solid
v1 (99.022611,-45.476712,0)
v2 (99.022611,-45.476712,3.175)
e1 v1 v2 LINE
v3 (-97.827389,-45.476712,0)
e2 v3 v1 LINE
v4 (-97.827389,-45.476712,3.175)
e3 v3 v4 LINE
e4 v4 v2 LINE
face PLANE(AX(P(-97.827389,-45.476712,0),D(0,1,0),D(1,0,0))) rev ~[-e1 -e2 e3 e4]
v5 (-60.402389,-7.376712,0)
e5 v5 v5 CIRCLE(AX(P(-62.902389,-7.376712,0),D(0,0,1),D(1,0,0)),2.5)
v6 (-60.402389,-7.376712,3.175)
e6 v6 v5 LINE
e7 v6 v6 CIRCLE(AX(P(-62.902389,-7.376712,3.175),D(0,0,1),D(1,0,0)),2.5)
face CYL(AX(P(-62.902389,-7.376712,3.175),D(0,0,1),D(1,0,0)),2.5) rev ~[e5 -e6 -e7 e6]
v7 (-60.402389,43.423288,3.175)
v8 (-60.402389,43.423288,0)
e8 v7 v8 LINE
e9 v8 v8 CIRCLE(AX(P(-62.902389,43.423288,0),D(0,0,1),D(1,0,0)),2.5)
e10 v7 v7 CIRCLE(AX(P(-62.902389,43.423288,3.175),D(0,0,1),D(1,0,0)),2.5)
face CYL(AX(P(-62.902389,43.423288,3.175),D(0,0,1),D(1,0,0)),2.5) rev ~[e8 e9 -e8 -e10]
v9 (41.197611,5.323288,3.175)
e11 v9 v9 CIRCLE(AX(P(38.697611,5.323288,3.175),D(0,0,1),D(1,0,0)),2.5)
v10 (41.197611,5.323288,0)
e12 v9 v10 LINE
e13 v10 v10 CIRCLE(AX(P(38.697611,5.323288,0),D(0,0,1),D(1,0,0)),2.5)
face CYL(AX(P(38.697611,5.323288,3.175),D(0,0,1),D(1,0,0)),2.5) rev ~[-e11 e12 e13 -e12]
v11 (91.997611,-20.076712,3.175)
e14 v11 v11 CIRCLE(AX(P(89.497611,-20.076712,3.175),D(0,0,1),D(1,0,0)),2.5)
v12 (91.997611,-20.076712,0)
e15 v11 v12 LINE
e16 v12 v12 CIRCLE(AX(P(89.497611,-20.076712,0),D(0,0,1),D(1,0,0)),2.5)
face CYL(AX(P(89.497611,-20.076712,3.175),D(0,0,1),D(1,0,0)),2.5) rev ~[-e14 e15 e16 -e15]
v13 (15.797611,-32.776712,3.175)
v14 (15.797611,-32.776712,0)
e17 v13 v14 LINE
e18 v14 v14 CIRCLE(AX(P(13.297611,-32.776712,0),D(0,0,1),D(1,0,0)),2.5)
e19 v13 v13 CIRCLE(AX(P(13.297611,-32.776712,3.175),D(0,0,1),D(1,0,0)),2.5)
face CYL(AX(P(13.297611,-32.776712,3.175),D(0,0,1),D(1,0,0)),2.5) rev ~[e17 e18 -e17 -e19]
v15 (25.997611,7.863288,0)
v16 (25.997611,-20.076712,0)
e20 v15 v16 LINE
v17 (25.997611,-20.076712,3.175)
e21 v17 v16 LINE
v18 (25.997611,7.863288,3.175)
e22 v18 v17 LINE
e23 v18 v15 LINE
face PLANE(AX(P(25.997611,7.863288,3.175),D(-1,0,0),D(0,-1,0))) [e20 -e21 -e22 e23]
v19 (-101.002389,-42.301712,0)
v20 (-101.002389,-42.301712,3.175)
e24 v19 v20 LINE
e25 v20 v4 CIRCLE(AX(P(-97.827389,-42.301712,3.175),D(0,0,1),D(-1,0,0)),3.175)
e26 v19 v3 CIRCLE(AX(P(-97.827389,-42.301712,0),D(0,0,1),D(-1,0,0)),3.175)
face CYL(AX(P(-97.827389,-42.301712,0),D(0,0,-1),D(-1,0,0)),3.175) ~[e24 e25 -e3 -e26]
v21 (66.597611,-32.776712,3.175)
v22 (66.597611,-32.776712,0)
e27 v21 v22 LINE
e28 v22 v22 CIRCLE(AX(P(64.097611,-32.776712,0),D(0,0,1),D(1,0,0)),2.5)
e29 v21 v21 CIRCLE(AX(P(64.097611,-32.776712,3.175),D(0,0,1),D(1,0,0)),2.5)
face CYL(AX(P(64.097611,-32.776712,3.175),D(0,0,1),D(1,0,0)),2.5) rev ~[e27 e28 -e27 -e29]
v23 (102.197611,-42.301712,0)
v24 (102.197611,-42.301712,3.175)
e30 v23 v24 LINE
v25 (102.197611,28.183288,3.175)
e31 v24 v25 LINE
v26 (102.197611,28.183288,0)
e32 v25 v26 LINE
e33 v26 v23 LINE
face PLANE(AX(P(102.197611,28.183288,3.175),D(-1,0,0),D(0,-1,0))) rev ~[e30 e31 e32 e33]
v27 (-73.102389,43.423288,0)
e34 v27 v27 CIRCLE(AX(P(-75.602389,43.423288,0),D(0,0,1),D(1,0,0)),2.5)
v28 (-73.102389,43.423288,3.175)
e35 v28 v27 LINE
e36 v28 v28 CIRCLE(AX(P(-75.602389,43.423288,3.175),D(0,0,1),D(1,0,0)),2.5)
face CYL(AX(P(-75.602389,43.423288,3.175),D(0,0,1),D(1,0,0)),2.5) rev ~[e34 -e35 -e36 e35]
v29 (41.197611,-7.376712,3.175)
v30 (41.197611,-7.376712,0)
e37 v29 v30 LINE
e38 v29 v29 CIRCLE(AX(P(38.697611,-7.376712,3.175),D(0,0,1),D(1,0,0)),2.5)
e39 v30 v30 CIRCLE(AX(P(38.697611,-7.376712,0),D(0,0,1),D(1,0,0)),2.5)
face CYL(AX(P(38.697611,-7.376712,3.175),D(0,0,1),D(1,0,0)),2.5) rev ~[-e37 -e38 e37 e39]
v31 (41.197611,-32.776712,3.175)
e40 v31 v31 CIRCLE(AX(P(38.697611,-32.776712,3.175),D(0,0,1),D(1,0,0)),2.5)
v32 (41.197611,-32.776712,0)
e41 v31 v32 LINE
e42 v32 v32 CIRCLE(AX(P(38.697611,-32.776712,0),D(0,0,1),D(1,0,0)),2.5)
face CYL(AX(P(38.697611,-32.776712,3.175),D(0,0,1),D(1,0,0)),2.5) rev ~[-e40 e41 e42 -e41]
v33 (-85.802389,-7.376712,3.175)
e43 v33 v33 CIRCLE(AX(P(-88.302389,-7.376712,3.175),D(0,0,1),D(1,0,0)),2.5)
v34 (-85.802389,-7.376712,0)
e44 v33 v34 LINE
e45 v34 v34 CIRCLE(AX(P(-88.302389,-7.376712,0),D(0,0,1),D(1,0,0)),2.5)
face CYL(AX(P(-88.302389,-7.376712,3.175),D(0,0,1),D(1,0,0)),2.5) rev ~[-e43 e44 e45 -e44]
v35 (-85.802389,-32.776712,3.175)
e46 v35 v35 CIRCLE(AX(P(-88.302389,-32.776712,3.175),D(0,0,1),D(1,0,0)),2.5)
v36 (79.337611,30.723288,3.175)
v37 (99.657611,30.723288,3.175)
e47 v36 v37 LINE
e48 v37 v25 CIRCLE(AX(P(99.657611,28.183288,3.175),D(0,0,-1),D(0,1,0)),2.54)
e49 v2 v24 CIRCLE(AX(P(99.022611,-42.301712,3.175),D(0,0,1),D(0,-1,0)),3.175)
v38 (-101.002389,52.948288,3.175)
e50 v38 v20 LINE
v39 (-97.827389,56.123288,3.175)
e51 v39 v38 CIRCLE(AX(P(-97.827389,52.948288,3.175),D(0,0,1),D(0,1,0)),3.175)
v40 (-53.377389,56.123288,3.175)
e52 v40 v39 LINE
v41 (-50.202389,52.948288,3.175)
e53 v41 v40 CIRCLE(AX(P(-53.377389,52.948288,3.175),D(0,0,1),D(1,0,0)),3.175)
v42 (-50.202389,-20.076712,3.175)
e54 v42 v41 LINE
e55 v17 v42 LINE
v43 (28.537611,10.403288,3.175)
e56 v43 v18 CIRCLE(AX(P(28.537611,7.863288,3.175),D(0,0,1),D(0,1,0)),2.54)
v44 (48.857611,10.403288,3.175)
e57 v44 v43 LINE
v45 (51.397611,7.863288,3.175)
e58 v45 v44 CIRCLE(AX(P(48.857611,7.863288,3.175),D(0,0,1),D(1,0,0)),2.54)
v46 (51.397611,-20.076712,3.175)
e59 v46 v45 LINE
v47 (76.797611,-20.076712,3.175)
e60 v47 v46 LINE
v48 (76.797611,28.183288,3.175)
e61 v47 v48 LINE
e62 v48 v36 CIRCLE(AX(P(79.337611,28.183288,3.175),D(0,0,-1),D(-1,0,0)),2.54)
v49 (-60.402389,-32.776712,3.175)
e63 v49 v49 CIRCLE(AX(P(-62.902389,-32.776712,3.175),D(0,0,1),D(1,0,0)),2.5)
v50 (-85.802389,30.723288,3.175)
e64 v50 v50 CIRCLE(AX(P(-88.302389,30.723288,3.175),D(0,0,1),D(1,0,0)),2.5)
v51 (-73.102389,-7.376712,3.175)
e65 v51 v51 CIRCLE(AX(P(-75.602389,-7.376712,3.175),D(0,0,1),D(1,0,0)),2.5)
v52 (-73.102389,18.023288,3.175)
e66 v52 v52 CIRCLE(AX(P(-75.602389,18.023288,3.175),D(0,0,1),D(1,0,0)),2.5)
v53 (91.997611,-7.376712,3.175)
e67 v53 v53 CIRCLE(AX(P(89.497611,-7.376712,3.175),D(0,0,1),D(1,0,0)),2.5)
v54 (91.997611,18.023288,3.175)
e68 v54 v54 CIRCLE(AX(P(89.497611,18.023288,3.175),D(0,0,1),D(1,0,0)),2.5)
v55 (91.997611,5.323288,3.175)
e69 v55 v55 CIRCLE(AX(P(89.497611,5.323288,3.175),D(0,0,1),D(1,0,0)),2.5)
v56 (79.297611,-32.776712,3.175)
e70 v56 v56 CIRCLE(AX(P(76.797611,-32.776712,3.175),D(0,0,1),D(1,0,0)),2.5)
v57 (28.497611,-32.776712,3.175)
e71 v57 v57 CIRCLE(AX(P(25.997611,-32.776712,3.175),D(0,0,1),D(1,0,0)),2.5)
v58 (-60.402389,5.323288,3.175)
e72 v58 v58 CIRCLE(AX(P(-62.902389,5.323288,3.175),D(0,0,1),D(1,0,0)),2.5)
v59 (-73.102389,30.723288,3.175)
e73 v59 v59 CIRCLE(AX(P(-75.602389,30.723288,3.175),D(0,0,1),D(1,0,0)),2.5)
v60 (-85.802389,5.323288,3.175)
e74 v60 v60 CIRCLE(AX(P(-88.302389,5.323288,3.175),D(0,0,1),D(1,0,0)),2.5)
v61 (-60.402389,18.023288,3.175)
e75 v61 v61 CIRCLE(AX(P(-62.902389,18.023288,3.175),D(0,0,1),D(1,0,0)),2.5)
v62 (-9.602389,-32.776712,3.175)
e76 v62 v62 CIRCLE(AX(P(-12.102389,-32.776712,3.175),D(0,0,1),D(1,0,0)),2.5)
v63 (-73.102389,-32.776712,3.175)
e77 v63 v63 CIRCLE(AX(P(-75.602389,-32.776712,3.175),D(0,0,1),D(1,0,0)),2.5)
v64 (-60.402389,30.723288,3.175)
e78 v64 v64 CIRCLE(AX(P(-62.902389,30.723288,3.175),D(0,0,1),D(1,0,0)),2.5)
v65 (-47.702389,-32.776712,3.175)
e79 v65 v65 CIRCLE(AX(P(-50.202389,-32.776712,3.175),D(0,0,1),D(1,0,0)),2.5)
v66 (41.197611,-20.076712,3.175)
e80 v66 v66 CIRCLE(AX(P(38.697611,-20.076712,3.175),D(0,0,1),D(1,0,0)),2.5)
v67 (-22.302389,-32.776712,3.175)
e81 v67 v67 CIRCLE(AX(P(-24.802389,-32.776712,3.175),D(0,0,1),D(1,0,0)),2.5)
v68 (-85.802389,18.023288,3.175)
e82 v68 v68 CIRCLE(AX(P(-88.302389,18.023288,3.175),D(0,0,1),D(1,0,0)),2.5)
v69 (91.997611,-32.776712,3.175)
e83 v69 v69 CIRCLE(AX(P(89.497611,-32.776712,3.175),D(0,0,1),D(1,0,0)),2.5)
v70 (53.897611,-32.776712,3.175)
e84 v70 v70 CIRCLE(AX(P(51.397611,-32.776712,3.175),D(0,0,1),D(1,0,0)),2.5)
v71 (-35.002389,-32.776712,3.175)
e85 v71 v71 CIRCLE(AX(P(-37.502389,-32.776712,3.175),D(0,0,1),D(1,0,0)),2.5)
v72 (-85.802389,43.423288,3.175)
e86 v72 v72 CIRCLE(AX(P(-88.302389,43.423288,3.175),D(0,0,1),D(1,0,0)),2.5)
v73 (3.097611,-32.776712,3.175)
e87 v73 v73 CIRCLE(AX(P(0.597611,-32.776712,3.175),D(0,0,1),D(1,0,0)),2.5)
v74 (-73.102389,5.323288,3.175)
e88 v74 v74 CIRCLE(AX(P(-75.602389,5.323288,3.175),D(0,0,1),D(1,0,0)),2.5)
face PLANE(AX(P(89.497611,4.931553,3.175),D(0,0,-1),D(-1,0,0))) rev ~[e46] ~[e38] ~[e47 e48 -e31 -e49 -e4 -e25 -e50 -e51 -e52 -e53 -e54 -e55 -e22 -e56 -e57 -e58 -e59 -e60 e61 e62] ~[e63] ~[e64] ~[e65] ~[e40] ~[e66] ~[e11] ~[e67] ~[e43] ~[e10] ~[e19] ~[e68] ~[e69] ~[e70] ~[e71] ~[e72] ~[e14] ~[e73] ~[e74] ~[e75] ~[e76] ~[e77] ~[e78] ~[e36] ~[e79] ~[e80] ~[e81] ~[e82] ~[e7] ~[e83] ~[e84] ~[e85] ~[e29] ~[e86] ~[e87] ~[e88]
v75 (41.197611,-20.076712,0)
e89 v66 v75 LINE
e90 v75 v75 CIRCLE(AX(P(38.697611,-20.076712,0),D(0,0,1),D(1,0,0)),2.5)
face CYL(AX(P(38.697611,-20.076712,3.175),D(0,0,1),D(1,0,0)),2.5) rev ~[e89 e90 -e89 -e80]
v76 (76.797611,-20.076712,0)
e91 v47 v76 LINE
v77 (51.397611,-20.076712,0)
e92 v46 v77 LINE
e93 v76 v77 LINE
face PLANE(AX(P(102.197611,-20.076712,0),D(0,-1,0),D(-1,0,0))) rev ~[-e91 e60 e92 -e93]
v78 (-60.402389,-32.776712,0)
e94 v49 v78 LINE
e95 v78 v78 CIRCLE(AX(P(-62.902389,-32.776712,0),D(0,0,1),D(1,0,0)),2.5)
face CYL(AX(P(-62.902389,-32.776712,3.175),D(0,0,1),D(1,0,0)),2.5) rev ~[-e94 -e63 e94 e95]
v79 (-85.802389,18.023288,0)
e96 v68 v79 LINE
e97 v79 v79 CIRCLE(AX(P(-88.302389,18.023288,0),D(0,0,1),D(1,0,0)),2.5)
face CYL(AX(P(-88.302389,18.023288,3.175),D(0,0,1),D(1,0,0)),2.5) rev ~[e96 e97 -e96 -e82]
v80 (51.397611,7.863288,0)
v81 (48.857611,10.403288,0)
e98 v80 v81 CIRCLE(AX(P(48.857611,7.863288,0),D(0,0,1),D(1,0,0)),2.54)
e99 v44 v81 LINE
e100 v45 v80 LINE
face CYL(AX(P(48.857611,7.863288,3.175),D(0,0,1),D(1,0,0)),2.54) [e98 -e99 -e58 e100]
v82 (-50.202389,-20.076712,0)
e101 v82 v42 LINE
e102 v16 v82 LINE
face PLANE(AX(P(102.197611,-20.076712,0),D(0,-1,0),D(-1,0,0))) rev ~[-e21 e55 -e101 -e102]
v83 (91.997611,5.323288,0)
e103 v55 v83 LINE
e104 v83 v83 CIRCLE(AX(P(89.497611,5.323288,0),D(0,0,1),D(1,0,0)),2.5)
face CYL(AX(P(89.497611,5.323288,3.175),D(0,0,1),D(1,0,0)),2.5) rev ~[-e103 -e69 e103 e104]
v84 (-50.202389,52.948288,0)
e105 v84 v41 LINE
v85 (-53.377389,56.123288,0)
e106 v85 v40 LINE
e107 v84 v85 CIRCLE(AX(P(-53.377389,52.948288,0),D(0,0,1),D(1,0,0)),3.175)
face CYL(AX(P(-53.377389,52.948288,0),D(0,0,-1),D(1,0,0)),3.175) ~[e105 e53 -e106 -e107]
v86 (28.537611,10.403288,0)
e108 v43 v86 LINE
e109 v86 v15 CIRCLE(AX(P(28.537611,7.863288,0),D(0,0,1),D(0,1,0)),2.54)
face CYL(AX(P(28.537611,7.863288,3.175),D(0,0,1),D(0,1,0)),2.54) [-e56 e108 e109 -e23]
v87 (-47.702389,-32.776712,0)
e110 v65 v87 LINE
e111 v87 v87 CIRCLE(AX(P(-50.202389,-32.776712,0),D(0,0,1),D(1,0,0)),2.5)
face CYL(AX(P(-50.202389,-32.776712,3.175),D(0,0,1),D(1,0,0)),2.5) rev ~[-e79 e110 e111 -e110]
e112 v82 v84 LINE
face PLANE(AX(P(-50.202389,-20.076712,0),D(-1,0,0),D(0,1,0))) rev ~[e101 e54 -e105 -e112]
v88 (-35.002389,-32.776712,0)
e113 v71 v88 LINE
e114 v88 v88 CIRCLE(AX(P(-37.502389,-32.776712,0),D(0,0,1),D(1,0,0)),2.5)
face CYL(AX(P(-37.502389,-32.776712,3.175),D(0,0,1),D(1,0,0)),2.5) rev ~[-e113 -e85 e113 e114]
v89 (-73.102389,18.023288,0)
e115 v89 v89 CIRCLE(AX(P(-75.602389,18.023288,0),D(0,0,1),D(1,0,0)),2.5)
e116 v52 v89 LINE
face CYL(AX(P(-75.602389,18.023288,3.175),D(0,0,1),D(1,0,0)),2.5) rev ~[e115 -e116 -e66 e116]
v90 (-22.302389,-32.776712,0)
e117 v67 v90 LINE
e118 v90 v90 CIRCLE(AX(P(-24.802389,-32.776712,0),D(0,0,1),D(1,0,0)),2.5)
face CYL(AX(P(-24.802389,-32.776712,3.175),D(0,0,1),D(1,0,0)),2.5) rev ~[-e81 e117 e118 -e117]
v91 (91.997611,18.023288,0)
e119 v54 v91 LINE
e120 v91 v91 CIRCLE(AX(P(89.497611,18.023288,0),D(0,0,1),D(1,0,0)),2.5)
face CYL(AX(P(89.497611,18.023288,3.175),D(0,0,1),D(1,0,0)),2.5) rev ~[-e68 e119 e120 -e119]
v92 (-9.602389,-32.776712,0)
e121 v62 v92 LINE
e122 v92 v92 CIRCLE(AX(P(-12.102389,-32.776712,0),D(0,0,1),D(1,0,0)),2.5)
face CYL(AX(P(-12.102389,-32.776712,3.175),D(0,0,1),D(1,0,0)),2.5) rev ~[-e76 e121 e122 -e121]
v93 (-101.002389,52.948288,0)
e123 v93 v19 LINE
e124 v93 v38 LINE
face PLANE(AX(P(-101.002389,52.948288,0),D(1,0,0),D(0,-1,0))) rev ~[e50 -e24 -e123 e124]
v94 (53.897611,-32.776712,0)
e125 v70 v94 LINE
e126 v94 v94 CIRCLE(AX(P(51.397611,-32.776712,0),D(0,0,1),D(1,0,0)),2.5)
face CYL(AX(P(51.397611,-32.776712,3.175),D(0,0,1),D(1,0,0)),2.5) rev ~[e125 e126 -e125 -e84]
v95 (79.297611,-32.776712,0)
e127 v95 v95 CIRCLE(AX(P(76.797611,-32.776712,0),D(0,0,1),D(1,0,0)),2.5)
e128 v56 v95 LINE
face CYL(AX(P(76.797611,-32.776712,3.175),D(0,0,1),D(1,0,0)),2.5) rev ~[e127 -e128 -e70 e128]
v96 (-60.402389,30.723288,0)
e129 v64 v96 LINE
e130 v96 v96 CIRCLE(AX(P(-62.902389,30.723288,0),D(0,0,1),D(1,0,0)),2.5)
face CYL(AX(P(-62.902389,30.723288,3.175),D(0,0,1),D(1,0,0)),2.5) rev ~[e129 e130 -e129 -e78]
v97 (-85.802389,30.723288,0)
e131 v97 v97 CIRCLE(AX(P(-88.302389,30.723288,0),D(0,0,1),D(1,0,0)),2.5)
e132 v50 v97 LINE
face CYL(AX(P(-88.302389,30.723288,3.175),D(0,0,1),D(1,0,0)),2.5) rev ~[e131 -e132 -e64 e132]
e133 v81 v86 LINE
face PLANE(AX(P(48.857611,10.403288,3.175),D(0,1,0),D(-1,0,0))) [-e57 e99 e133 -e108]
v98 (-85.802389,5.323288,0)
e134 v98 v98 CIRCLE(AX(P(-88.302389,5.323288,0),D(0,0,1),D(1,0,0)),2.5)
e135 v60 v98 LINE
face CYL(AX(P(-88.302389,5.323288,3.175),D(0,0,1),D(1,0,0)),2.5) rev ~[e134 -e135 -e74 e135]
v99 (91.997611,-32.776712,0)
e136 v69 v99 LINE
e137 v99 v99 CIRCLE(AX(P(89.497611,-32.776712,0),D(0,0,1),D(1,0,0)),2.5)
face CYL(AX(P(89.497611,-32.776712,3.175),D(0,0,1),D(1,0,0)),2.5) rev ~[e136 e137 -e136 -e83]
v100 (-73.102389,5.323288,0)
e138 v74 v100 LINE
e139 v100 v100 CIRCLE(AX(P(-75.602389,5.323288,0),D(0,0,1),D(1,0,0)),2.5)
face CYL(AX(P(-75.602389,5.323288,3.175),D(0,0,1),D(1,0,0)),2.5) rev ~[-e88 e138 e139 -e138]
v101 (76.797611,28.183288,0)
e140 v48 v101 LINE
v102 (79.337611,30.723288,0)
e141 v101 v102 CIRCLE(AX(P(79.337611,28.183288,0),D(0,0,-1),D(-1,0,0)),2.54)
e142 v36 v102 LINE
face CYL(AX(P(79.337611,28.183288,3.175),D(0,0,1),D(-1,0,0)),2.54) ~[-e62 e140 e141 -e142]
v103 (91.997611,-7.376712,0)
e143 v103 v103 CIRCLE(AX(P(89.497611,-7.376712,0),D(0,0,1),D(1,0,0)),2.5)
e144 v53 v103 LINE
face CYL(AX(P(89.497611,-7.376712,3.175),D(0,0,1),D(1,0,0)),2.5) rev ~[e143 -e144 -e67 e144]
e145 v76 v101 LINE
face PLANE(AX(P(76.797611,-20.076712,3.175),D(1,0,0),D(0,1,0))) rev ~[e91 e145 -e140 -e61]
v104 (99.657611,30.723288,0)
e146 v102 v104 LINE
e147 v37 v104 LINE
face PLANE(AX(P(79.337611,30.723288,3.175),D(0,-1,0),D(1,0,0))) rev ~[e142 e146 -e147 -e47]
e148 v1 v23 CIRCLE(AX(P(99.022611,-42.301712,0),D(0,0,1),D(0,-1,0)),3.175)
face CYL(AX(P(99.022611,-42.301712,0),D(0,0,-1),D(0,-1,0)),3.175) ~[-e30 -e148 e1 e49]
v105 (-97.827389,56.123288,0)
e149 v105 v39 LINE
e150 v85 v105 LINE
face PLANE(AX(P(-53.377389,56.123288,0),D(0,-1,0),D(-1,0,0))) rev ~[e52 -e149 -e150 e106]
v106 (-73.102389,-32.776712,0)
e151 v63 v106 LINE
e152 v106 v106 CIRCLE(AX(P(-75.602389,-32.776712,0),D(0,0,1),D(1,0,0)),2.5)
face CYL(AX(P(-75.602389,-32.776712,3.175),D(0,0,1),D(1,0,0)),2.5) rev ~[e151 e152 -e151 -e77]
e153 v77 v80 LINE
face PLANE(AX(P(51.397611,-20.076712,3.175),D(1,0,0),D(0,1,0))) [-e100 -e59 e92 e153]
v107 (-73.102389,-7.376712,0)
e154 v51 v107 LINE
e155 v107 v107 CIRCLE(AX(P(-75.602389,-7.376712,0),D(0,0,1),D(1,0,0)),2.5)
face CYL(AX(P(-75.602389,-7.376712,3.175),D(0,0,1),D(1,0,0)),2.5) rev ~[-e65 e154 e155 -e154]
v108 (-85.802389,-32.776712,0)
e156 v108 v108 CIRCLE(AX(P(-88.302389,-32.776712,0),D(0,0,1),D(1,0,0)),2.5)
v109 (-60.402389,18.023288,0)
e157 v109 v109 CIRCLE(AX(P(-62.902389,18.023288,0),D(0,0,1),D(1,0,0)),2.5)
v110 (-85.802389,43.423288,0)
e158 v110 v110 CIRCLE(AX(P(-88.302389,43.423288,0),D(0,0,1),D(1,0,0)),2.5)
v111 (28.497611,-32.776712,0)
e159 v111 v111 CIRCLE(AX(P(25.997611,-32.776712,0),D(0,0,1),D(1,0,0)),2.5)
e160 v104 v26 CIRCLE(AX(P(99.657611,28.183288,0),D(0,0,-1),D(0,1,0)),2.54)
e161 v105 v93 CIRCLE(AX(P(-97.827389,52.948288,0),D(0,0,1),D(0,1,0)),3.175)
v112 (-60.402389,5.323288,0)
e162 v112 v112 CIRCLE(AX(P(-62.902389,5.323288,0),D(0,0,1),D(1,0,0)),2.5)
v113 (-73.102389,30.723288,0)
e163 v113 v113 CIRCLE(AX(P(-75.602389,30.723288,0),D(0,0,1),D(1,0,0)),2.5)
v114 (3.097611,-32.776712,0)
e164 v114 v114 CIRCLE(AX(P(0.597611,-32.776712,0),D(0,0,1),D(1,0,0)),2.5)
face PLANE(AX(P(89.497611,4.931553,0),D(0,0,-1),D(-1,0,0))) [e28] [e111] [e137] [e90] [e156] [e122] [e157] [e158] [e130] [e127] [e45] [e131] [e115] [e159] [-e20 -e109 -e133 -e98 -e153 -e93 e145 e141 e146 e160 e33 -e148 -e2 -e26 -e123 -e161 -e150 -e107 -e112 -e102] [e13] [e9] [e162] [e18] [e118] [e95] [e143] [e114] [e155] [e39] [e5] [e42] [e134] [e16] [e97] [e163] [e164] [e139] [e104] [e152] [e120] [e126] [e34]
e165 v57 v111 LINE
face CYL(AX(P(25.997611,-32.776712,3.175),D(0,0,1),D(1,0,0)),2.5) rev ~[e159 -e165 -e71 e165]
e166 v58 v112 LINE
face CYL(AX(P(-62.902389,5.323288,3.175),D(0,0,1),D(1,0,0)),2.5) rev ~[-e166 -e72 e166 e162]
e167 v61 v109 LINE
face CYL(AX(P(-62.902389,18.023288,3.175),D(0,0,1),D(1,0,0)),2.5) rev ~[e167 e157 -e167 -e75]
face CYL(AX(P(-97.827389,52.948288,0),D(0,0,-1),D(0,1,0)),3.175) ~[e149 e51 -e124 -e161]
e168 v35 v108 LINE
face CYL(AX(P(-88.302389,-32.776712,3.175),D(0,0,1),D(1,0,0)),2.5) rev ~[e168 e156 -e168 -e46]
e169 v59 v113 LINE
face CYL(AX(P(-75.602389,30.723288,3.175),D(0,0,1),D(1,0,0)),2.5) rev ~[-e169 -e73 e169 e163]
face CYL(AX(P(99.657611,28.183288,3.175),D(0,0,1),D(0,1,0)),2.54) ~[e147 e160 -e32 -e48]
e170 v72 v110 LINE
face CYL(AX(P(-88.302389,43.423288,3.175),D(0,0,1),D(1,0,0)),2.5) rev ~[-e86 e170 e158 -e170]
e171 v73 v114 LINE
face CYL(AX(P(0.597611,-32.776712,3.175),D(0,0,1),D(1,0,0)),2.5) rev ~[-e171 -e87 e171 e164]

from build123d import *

# Parameters (mm, degrees)
BOSS_EXTRUDE1_DEPTH = 3.175
BOSS_EXTRUDE2_DEPTH = 3.175
SKETCH4_R           = 2.5
CUT_EXTRUDE1_DEPTH  = 4.175


with BuildPart() as part:
    # Sketch1 → Boss-Extrude1 (new body)
    with BuildSketch(Plane.XY):
        with BuildLine():
            Line((102.197610681, -20.076711723), (-50.202389319, -20.076711723))
            Line((-50.202389319, -20.076711723), (-50.202389319, 52.948288277))
            ThreePointArc((-50.202389319, 52.948288277), (-51.132325289, 55.193352307), (-53.377389319, 56.123288277))
            Line((-53.377389319, 56.123288277), (-97.827389319, 56.123288277))
            ThreePointArc((-97.827389319, 56.123288277), (-100.07245335, 55.193352307), (-101.002389319, 52.948288277))
            Line((-101.002389319, 52.948288277), (-101.002389319, -42.301711723))
            ThreePointArc((-101.002389319, -42.301711723), (-100.07245335, -44.546775753), (-97.827389319, -45.476711723))
            Line((-97.827389319, -45.476711723), (99.022610681, -45.476711723))
            ThreePointArc((99.022610681, -45.476711723), (101.267674711, -44.546775753), (102.197610681, -42.301711723))
            Line((102.197610681, -42.301711723), (102.197610681, -20.076711723))
        make_face()
    extrude(amount=BOSS_EXTRUDE1_DEPTH)

    # Sketch3 → Boss-Extrude2 (add)
    with BuildSketch(Plane.XY.offset(3.175)):
        with BuildLine():
            Line((48.857610681, 10.403288277), (28.537610681, 10.403288277))
            ThreePointArc((28.537610681, 10.403288277), (26.741559456, 9.659339501), (25.997610681, 7.863288277))
            Line((25.997610681, 7.863288277), (25.997610681, -20.076711723))
            Line((25.997610681, -20.076711723), (51.397610681, -20.076711723))
            Line((51.397610681, -20.076711723), (51.397610681, 7.863288277))
            ThreePointArc((51.397610681, 7.863288277), (50.653661905, 9.659339501), (48.857610681, 10.403288277))
        make_face()
        with BuildLine():
            Line((79.337610681, 30.723288277), (99.657610681, 30.723288277))
            ThreePointArc((99.657610681, 30.723288277), (101.453661905, 29.979339501), (102.197610681, 28.183288277))
            Line((102.197610681, 28.183288277), (102.197610681, -20.076711723))
            Line((102.197610681, -20.076711723), (76.797610681, -20.076711723))
            Line((76.797610681, -20.076711723), (76.797610681, 28.183288277))
            ThreePointArc((76.797610681, 28.183288277), (77.541559456, 29.979339501), (79.337610681, 30.723288277))
        make_face()
    extrude(amount=-BOSS_EXTRUDE2_DEPTH)

    # Sketch4 → Cut-Extrude1 (cut, through all)
    with BuildSketch(Plane.XY.offset(3.175)):
        with Locations((-88.302389319, -32.776711723)):
            Circle(SKETCH4_R)
        with Locations((-75.602389319, -32.776711723)):
            Circle(SKETCH4_R)
        with Locations((-62.902389319, -32.776711723)):
            Circle(SKETCH4_R)
        with Locations((-50.202389319, -32.776711723)):
            Circle(SKETCH4_R)
        with Locations((-37.502389319, -32.776711723)):
            Circle(SKETCH4_R)
        with Locations((-24.802389319, -32.776711723)):
            Circle(SKETCH4_R)
        with Locations((-12.102389319, -32.776711723)):
            Circle(SKETCH4_R)
        with Locations((0.597610681, -32.776711723)):
            Circle(SKETCH4_R)
        with Locations((13.297610681, -32.776711723)):
            Circle(SKETCH4_R)
        with Locations((25.997610681, -32.776711723)):
            Circle(SKETCH4_R)
        with Locations((38.697610681, -32.776711723)):
            Circle(SKETCH4_R)
        with Locations((51.397610681, -32.776711723)):
            Circle(SKETCH4_R)
        with Locations((64.097610681, -32.776711723)):
            Circle(SKETCH4_R)
        with Locations((76.797610681, -32.776711723)):
            Circle(SKETCH4_R)
        with Locations((89.497610681, -32.776711723)):
            Circle(SKETCH4_R)
        with Locations((38.697610681, -20.076711723)):
            Circle(SKETCH4_R)
        with Locations((89.497610681, -20.076711723)):
            Circle(SKETCH4_R)
        with Locations((-88.302389319, 43.423288277)):
            Circle(SKETCH4_R)
        with Locations((-62.902389319, 43.423288277)):
            Circle(SKETCH4_R)
        with Locations((-62.902389319, 30.723288277)):
            Circle(SKETCH4_R)
        with Locations((-62.902389319, 18.023288277)):
            Circle(SKETCH4_R)
        with Locations((-62.902389319, 5.323288277)):
            Circle(SKETCH4_R)
        with Locations((-62.902389319, -7.376711723)):
            Circle(SKETCH4_R)
        with Locations((-88.302389319, 30.723288277)):
            Circle(SKETCH4_R)
        with Locations((-88.302389319, 18.023288277)):
            Circle(SKETCH4_R)
        with Locations((-88.302389319, 5.323288277)):
            Circle(SKETCH4_R)
        with Locations((-88.302389319, -7.376711723)):
            Circle(SKETCH4_R)
        with Locations((38.697610681, -7.376711723)):
            Circle(SKETCH4_R)
        with Locations((89.497610681, -7.376711723)):
            Circle(SKETCH4_R)
        with Locations((38.697610681, 5.323288277)):
            Circle(SKETCH4_R)
        with Locations((89.497610681, 5.323288277)):
            Circle(SKETCH4_R)
        with Locations((89.497610681, 18.023288277)):
            Circle(SKETCH4_R)
        with Locations((-75.602389319, 43.423288277)):
            Circle(SKETCH4_R)
        with Locations((-75.602389319, 30.723288277)):
            Circle(SKETCH4_R)
        with Locations((-75.602389319, 18.023288277)):
            Circle(SKETCH4_R)
        with Locations((-75.602389319, 5.323288277)):
            Circle(SKETCH4_R)
        with Locations((-75.602389319, -7.376711723)):
            Circle(SKETCH4_R)
    extrude(amount=-CUT_EXTRUDE1_DEPTH, mode=Mode.SUBTRACT)


solid = part.part
